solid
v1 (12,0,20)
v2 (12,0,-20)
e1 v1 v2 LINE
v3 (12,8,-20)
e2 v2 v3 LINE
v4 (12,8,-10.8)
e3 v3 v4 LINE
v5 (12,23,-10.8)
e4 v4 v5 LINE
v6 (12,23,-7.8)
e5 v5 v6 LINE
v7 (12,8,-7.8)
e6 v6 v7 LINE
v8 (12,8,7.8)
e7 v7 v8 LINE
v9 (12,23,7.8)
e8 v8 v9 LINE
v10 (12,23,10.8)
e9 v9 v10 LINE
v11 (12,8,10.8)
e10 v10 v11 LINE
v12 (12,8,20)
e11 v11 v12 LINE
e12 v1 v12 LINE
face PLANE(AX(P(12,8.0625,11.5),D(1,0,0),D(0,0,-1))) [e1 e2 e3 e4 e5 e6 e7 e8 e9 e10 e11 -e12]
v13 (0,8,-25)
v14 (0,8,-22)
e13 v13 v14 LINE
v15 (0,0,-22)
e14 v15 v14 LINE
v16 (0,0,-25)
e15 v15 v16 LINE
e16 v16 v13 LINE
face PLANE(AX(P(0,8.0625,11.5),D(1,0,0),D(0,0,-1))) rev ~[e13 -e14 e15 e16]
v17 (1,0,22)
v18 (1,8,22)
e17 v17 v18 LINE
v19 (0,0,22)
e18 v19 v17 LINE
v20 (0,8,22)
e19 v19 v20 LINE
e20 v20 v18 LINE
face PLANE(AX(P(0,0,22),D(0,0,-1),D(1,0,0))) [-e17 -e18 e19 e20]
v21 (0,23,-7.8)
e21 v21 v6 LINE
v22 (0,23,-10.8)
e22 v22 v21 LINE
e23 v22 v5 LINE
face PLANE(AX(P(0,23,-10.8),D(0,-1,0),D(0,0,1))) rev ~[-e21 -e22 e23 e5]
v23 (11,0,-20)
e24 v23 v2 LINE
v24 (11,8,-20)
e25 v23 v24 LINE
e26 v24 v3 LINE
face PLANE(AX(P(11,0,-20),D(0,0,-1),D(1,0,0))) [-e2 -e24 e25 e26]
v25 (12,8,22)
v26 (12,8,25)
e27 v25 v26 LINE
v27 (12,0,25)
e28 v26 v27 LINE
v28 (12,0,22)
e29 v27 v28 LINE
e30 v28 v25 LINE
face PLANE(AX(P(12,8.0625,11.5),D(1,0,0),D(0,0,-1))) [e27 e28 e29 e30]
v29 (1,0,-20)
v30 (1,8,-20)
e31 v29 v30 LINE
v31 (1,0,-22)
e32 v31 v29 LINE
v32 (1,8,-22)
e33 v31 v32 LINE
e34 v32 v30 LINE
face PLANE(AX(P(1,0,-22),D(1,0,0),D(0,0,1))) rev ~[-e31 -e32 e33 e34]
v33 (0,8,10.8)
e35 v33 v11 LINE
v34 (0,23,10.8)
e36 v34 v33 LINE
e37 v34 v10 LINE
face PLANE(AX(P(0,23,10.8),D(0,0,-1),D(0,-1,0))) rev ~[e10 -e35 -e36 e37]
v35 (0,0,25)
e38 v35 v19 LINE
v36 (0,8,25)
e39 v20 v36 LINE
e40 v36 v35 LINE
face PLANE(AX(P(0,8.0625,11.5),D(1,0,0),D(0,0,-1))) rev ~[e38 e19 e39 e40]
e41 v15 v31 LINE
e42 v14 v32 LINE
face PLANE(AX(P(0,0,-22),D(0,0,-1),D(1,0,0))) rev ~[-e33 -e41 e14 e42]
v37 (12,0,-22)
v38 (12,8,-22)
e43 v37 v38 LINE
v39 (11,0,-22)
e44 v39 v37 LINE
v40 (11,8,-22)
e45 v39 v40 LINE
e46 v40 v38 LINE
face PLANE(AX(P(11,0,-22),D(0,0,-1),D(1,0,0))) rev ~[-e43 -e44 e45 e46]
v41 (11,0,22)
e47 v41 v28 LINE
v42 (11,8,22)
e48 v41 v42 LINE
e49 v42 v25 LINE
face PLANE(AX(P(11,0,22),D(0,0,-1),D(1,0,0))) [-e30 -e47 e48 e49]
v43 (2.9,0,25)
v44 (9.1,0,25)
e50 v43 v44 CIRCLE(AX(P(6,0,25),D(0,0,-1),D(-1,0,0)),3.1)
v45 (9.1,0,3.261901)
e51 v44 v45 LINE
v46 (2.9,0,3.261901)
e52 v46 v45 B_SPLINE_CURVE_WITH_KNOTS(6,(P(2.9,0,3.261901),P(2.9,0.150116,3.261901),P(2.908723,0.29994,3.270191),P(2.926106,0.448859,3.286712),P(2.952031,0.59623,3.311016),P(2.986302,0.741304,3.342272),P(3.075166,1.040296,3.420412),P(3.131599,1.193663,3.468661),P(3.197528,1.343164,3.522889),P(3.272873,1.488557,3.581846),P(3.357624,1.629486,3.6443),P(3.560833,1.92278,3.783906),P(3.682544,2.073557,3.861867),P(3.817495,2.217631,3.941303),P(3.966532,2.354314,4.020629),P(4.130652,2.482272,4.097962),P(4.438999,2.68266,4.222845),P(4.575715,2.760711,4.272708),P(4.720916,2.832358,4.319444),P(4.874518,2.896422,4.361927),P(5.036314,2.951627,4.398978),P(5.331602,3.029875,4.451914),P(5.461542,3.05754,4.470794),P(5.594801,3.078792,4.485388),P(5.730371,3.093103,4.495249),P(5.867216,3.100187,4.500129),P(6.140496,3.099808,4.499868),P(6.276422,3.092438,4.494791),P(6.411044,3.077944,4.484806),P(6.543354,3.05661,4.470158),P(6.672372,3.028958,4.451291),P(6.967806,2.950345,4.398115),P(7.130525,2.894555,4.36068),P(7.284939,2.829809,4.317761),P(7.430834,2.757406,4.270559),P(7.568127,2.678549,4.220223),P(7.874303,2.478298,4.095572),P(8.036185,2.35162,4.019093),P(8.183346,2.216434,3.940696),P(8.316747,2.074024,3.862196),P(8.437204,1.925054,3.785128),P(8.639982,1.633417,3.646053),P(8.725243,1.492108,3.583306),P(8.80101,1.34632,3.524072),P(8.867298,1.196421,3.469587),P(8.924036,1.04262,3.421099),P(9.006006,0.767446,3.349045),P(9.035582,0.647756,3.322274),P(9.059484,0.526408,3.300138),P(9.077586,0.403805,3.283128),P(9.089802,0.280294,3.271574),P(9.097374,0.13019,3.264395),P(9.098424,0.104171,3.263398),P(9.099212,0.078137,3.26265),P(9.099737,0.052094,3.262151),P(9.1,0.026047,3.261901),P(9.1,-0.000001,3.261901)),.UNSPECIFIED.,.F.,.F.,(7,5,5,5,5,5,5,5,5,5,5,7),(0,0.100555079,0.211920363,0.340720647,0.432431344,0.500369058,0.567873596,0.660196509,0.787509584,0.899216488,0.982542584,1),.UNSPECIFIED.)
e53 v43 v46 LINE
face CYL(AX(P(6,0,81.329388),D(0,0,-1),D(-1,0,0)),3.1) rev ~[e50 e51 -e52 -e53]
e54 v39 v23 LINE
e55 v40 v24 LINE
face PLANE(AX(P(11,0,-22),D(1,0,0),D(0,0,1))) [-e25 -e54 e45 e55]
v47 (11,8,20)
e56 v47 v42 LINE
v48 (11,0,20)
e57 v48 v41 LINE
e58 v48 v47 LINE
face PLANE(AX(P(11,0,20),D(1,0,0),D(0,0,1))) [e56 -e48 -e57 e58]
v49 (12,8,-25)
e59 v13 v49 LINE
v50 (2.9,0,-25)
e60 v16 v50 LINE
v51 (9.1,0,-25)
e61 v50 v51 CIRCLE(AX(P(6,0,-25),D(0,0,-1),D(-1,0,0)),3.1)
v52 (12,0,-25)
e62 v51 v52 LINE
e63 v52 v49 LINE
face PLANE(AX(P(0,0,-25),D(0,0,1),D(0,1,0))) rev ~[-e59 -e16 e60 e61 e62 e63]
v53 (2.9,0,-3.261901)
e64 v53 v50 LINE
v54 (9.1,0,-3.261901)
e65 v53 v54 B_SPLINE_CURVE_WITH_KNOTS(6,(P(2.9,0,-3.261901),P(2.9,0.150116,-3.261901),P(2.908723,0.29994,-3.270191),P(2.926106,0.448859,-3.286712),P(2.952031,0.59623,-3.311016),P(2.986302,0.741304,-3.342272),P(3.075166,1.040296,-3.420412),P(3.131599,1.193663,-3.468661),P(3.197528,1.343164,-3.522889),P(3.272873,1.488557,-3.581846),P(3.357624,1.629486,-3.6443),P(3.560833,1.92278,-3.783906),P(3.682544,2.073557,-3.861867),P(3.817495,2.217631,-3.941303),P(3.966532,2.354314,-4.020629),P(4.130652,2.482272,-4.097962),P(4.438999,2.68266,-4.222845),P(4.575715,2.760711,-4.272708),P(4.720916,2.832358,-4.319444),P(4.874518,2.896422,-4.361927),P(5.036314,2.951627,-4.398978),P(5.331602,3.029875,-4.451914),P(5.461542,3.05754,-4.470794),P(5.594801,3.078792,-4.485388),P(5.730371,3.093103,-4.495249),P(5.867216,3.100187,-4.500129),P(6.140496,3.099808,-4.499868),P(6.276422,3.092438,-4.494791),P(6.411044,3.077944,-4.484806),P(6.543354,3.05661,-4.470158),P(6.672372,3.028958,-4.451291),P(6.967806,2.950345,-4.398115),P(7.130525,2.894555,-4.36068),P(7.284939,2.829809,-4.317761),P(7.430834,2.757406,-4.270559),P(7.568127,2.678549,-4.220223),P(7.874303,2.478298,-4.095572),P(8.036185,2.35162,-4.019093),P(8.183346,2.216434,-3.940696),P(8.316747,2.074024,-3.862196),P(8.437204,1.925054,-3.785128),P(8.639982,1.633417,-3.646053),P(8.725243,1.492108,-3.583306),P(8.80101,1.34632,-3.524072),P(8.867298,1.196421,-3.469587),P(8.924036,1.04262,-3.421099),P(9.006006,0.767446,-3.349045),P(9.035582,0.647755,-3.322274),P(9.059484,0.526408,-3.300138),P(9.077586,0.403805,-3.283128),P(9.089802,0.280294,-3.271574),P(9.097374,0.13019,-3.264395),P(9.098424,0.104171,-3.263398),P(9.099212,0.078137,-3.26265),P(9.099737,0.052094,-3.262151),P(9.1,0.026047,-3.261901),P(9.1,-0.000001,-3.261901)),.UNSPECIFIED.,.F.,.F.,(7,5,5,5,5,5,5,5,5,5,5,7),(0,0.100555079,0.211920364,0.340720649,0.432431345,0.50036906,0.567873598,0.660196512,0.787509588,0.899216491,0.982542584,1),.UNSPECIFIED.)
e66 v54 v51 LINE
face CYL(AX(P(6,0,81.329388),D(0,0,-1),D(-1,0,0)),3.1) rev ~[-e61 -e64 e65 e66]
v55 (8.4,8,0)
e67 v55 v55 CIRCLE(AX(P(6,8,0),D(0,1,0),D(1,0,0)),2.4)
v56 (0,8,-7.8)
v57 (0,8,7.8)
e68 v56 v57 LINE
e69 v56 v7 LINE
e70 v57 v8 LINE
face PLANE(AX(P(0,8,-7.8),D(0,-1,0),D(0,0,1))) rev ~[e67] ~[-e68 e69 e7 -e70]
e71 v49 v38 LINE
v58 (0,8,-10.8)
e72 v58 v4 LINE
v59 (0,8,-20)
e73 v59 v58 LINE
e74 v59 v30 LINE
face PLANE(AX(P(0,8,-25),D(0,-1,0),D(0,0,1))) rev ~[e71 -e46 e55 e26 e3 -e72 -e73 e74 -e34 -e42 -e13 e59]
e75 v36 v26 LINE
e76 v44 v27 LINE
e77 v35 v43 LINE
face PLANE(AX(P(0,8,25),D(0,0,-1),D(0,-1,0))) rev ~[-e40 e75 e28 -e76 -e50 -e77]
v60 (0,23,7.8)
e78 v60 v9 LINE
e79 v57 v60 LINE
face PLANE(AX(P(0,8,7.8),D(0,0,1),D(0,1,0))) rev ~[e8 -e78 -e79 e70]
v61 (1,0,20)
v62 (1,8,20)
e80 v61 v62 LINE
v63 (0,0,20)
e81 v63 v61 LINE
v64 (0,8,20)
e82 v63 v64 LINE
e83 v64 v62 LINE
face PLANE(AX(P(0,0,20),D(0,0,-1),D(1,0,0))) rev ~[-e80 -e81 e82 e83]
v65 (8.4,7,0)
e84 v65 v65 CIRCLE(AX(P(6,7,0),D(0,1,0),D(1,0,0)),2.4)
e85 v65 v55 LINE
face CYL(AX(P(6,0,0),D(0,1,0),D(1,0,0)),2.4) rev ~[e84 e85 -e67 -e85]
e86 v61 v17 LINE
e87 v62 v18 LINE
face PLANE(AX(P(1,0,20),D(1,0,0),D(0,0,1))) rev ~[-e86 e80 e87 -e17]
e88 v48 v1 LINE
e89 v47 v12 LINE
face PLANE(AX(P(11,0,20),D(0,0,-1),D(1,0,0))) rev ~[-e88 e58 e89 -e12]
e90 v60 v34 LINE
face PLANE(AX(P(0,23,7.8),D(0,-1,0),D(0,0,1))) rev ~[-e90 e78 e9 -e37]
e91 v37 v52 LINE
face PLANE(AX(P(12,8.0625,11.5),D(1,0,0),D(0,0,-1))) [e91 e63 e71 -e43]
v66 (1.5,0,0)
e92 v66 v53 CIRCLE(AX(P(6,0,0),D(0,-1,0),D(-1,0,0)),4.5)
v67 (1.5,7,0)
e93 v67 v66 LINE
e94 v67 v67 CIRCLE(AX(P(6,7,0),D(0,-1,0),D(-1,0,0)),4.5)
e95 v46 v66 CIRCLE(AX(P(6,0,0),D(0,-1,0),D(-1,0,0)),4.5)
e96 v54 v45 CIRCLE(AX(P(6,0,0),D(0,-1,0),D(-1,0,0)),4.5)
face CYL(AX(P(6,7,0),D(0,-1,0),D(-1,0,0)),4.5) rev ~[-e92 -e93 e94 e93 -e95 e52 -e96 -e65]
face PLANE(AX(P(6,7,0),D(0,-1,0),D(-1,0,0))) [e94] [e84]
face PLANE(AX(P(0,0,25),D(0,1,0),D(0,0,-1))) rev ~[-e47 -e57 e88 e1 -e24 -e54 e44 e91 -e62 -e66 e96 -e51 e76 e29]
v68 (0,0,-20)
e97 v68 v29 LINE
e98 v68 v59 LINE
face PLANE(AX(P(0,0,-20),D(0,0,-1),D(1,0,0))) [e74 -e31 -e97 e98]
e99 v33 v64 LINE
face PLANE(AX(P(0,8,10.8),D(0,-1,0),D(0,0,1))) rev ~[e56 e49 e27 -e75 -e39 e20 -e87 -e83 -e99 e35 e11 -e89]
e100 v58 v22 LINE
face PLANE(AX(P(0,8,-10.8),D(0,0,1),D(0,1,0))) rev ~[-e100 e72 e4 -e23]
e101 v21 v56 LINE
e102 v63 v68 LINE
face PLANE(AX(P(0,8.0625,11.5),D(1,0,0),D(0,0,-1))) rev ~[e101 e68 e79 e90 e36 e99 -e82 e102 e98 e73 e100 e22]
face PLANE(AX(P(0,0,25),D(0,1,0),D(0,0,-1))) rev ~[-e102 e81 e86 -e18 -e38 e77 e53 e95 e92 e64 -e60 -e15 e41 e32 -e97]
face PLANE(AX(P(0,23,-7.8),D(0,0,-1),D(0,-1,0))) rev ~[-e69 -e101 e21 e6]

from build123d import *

# Parameters (mm, degrees)
BOSS_EXTRUDE1_DEPTH                              = 12
CBORE_FOR_M4_PAN_HEAD_MACHINE_SCREW1_D           = 4.8
CBORE_FOR_M4_PAN_HEAD_MACHINE_SCREW1_CBORE_D     = 9
CBORE_FOR_M4_PAN_HEAD_MACHINE_SCREW1_CBORE_DEPTH = 7
F_6_0MM_DOWEL_HOLE1_D                            = 6.2
SKETCH13_W                                       = 1
SKETCH13_H                                       = 2
CUT_EXTRUDE1_DEPTH                               = 12


with BuildPart() as part:
    # Sketch4 → Boss-Extrude1 (new body)
    with BuildSketch(Plane(origin=(0, 0, 0), x_dir=(0, 0, -1), z_dir=(1, 0, 0))):
        Polygon((-25, 0), (0, 0), (0, 8), (-7.8, 8), (-7.8, 23), (-10.8, 23), (-10.8, 8), (-25, 8), align=None)
        Polygon((0, 8), (0, 0), (25, 0), (25, 8), (10.8, 8), (10.8, 23), (7.8, 23), (7.8, 8), align=None)
    extrude(amount=BOSS_EXTRUDE1_DEPTH)

    # CBORE for M4 Pan Head Machine Screw1 (through all)
    with Locations(Plane(origin=(0, 0, 0), x_dir=(-1, 0, 0), z_dir=(0, -1, 0))):
        with Locations((-6, 0)):
            CounterBoreHole(CBORE_FOR_M4_PAN_HEAD_MACHINE_SCREW1_D / 2, CBORE_FOR_M4_PAN_HEAD_MACHINE_SCREW1_CBORE_D / 2, CBORE_FOR_M4_PAN_HEAD_MACHINE_SCREW1_CBORE_DEPTH)

    # Ø6.0mm Dowel Hole1 (through all)
    with Locations(Plane.XY.offset(25)):
        with Locations((6, 0)):
            Hole(F_6_0MM_DOWEL_HOLE1_D / 2)

    # Sketch13 → Cut-Extrude1 (cut)
    with BuildSketch(Plane.XZ):
        with Locations((0.5, -21)):
            Rectangle(SKETCH13_W, SKETCH13_H)
        with Locations((0.5, 21)):
            Rectangle(SKETCH13_W, SKETCH13_H)
        with Locations((11.5, 21)):
            Rectangle(SKETCH13_W, SKETCH13_H)
        with Locations((11.5, -21)):
            Rectangle(SKETCH13_W, SKETCH13_H)
    extrude(amount=-CUT_EXTRUDE1_DEPTH, mode=Mode.SUBTRACT)


solid = part.part
